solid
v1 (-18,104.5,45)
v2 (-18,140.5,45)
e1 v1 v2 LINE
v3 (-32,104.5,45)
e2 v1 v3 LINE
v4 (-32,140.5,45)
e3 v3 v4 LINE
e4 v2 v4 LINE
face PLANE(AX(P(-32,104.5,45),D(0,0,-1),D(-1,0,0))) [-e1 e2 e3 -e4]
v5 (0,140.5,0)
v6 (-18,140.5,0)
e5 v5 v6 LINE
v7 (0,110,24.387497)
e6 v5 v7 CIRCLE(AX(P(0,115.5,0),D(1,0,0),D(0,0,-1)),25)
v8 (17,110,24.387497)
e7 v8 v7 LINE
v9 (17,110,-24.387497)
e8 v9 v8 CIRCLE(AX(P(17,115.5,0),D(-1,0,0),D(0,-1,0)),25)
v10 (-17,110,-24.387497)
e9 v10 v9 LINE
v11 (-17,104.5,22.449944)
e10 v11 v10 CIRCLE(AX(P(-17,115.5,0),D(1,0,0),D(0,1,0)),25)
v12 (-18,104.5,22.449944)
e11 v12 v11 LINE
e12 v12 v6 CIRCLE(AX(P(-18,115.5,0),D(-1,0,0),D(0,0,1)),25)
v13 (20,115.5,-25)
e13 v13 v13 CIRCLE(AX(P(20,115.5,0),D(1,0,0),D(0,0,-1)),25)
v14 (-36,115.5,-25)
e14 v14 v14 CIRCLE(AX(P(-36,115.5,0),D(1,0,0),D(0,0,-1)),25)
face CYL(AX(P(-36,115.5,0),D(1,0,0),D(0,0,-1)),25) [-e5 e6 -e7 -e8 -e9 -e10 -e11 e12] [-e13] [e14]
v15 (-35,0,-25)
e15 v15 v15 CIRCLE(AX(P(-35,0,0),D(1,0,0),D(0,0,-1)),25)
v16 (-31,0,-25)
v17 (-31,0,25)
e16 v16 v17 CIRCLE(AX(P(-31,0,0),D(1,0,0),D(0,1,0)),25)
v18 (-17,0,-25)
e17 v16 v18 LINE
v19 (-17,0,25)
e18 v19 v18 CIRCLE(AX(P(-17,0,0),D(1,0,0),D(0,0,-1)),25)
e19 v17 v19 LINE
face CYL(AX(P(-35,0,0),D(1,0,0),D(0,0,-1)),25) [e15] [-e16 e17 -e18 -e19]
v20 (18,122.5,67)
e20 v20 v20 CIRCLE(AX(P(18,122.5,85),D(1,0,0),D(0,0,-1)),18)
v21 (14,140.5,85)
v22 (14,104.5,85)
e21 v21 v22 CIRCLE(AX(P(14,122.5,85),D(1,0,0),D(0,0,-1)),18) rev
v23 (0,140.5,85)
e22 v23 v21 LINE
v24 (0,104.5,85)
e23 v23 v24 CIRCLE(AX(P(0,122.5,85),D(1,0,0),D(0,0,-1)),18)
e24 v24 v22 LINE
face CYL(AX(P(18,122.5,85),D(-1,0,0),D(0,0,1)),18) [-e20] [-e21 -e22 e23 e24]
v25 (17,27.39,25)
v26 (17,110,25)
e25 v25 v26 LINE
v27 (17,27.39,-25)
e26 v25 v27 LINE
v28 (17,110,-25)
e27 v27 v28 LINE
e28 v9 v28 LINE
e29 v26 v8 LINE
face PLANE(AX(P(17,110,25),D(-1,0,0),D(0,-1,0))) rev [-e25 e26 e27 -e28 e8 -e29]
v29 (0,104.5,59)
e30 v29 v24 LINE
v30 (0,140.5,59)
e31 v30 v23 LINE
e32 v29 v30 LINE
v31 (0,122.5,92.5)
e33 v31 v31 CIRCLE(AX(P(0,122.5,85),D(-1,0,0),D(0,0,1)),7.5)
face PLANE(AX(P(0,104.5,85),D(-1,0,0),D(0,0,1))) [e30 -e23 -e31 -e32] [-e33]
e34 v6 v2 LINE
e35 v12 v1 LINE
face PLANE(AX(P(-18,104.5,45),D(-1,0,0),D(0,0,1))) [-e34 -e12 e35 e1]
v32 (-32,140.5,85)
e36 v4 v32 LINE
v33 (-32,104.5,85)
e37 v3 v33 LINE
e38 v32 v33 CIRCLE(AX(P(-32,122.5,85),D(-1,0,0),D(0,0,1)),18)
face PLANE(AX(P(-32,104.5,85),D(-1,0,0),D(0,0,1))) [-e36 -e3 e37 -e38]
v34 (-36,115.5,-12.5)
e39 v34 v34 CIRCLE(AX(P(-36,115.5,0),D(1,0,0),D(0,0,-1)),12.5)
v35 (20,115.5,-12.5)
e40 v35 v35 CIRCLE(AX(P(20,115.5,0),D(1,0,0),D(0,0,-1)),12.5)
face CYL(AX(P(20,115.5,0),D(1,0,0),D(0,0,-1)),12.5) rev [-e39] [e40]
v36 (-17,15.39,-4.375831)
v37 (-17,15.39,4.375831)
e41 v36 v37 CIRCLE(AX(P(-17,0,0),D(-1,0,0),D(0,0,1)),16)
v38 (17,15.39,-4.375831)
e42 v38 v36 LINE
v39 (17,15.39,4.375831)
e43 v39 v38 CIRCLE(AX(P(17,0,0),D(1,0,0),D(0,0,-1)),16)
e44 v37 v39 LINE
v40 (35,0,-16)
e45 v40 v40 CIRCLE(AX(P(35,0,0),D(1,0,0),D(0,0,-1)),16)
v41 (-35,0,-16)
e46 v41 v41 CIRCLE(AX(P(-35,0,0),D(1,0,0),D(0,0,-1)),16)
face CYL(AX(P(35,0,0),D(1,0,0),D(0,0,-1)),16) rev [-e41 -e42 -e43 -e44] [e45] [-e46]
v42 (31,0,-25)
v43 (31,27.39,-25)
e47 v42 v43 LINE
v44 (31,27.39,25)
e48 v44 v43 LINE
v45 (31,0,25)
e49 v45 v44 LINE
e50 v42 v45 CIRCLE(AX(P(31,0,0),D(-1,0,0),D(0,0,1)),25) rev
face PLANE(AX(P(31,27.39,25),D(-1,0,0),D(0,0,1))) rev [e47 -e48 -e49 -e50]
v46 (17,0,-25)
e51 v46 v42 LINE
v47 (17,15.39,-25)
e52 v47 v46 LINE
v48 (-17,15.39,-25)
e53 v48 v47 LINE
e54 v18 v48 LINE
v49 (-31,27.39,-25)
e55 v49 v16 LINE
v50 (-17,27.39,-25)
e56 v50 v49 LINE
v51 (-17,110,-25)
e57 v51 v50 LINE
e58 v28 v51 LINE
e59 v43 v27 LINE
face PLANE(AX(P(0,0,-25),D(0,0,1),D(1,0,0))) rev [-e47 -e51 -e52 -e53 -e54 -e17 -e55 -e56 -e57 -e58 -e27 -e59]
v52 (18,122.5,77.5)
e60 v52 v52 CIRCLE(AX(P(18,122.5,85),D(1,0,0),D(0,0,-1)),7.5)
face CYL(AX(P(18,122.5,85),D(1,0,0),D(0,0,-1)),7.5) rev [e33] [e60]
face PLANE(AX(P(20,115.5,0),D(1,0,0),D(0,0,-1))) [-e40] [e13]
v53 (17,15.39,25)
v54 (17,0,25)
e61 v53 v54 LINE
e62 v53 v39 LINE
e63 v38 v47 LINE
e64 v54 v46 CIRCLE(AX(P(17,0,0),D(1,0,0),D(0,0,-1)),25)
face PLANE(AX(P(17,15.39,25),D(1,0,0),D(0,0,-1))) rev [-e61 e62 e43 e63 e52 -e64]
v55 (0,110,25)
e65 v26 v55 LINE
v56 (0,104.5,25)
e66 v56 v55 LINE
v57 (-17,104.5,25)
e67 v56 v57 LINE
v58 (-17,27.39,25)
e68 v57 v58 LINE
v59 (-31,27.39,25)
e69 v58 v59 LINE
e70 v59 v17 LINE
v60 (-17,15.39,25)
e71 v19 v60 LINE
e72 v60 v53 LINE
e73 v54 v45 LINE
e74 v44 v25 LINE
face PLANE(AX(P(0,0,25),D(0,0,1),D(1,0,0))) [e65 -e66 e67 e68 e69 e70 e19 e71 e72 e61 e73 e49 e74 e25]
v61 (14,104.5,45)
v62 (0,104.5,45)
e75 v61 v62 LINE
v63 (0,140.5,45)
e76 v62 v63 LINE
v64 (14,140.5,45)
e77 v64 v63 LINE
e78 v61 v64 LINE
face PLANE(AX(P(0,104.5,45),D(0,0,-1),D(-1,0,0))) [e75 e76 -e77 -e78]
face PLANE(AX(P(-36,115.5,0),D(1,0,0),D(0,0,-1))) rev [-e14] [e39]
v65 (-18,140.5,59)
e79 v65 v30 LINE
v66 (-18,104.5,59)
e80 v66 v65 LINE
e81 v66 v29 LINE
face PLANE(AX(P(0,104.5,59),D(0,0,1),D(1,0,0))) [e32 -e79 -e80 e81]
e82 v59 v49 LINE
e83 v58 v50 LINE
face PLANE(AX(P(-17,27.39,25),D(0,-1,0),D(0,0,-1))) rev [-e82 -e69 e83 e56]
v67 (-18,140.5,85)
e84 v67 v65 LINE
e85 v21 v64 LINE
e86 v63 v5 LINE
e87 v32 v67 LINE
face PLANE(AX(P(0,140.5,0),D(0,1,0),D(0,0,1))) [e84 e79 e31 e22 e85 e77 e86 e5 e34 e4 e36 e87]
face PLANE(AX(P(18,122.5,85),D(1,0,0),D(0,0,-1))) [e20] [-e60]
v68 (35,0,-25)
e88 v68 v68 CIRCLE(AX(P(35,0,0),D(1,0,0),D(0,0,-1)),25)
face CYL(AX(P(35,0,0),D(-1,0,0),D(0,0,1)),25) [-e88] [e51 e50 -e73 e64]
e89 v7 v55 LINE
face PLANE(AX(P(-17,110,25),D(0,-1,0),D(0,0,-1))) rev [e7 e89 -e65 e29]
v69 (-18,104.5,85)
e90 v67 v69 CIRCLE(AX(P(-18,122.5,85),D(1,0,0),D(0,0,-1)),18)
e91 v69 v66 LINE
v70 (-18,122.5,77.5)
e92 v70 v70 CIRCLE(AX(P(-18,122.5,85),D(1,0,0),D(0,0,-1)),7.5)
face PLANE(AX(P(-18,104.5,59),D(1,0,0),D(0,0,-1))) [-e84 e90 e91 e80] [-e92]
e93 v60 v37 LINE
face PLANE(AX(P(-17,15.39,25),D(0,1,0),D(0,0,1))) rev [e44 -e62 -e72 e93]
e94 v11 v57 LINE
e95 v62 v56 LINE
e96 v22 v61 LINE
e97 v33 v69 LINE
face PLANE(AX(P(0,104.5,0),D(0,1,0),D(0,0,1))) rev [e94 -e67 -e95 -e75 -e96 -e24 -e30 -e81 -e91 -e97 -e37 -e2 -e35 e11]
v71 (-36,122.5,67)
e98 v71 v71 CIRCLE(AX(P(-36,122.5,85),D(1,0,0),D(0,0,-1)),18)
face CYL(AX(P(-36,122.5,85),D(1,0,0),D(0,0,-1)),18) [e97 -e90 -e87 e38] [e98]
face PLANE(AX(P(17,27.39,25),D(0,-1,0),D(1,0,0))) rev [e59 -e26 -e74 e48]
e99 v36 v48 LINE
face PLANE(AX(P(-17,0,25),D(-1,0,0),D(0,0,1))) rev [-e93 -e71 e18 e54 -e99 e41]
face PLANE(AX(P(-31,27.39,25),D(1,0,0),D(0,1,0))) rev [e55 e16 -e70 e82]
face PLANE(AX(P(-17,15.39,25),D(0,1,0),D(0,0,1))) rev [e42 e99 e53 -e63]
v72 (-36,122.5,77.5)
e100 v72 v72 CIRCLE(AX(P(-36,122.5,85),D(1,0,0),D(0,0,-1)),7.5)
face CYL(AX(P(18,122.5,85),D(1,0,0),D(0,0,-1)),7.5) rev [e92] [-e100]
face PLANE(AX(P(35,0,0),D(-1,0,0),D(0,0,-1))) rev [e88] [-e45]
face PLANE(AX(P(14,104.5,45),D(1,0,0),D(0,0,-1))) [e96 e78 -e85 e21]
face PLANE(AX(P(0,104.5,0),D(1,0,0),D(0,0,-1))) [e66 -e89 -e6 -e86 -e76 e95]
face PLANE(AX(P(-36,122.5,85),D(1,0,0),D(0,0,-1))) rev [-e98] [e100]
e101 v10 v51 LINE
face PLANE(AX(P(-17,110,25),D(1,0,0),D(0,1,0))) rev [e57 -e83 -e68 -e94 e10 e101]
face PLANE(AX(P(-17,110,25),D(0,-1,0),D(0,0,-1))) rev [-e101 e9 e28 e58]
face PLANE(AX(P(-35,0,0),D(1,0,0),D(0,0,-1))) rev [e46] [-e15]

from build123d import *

# Parameters (mm, degrees)
BOSS_EXTRUDE1_DEPTH      = 25
SKETCH2_R                = 25
BOSS_EXTRUDE2_DEPTH      = 18
BOSS_EXTRUDE3_DEPTH      = 18
BOSS_EXTRUDE4_DEPTH      = 20
BOSS_EXTRUDE4_DEPTH_BACK = 36
SKETCH4_R                = 25
SKETCH5_R                = 18
BOSS_EXTRUDE5_DEPTH      = 18
BOSS_EXTRUDE6_START      = -18
SKETCH6_R                = 18
BOSS_EXTRUDE6_DEPTH      = 18
HOLE1_D                  = 32
HOLE2_D                  = 25
HOLE3_D                  = 15


with BuildPart() as part:
    # Sketch1 → Boss-Extrude1 (new, symmetric)
    with BuildSketch(Plane.XY):
        Polygon((-31, 0), (-17, 0), (-17, 15.39), (17, 15.39), (17, 0), (31, 0), (31, 27.39), (17, 27.39), (17, 110), (-17, 110), (-17, 27.39), (-31, 27.39), align=None)
    extrude(amount=BOSS_EXTRUDE1_DEPTH, both=True)

    # Sketch2 → Boss-Extrude2 (add)
    with BuildSketch(Plane(origin=(-17, 0, 0), x_dir=(0, 0, -1), z_dir=(1, 0, 0))):
        Circle(SKETCH2_R)
    boss_extrude2 = extrude(amount=-BOSS_EXTRUDE2_DEPTH)

    # Mirror1: Boss-Extrude2 across plane
    add(boss_extrude2.mirror(Plane(origin=(0, 0, 0), x_dir=(0, 0, 1), z_dir=(1, 0, 0))))

    # Sketch3 → Boss-Extrude3 (add, symmetric)
    with BuildSketch(Plane(origin=(0, 122.5, 0), x_dir=(1, 0, 0), z_dir=(0, 1, 0))):
        Polygon((-18, 0), (0, 0), (0, -45), (14, -45), (14, -85), (0, -85), (0, -59), (-18, -59), (-18, -85), (-32, -85), (-32, -45), (-18, -45), align=None)
    extrude(amount=BOSS_EXTRUDE3_DEPTH, both=True)

    # Sketch4 → Boss-Extrude4 (add, two sides: drawn at the far end of the back side and taken through both)
    with BuildSketch(Plane(origin=(0, 0, 0), x_dir=(0, 0, -1), z_dir=(1, 0, 0)).offset(-BOSS_EXTRUDE4_DEPTH_BACK)):
        with Locations((0, 115.5)):
            Circle(SKETCH4_R)
    extrude(amount=BOSS_EXTRUDE4_DEPTH + BOSS_EXTRUDE4_DEPTH_BACK)

    # Sketch5 → Boss-Extrude5 (add)
    with BuildSketch(Plane(origin=(0, 0, 0), x_dir=(0, 0, -1), z_dir=(1, 0, 0))):
        with Locations(Location((-85, 122.5, 0), (0, 0, 270))):
            Circle(SKETCH5_R)
    extrude(amount=BOSS_EXTRUDE5_DEPTH)

    # Sketch6 → Boss-Extrude6 (add)
    with BuildSketch(Plane(origin=(-18, 0, 0), x_dir=(0, 0, -1), z_dir=(1, 0, 0)).offset(BOSS_EXTRUDE6_START)):
        with Locations(Location((-85, 122.5, 0), (0, 0, 270))):
            Circle(SKETCH6_R)
    extrude(amount=BOSS_EXTRUDE6_DEPTH)

    # Hole1 (through all)
    with Locations(Plane(origin=(35, 0, 0), x_dir=(0, 0, -1), z_dir=(1, 0, 0))):
        with Locations((0, 0)):
            Hole(HOLE1_D / 2)

    # Hole2 (through all)
    with Locations(Plane(origin=(20, 0, 0), x_dir=(0, 0, -1), z_dir=(1, 0, 0))):
        with Locations((0, 115.5)):
            Hole(HOLE2_D / 2)

    # Hole3 (through all)
    with Locations(Plane(origin=(18, 0, 0), x_dir=(0, 0, -1), z_dir=(1, 0, 0))):
        with Locations((-85, 122.5)):
            Hole(HOLE3_D / 2)


solid = part.part
